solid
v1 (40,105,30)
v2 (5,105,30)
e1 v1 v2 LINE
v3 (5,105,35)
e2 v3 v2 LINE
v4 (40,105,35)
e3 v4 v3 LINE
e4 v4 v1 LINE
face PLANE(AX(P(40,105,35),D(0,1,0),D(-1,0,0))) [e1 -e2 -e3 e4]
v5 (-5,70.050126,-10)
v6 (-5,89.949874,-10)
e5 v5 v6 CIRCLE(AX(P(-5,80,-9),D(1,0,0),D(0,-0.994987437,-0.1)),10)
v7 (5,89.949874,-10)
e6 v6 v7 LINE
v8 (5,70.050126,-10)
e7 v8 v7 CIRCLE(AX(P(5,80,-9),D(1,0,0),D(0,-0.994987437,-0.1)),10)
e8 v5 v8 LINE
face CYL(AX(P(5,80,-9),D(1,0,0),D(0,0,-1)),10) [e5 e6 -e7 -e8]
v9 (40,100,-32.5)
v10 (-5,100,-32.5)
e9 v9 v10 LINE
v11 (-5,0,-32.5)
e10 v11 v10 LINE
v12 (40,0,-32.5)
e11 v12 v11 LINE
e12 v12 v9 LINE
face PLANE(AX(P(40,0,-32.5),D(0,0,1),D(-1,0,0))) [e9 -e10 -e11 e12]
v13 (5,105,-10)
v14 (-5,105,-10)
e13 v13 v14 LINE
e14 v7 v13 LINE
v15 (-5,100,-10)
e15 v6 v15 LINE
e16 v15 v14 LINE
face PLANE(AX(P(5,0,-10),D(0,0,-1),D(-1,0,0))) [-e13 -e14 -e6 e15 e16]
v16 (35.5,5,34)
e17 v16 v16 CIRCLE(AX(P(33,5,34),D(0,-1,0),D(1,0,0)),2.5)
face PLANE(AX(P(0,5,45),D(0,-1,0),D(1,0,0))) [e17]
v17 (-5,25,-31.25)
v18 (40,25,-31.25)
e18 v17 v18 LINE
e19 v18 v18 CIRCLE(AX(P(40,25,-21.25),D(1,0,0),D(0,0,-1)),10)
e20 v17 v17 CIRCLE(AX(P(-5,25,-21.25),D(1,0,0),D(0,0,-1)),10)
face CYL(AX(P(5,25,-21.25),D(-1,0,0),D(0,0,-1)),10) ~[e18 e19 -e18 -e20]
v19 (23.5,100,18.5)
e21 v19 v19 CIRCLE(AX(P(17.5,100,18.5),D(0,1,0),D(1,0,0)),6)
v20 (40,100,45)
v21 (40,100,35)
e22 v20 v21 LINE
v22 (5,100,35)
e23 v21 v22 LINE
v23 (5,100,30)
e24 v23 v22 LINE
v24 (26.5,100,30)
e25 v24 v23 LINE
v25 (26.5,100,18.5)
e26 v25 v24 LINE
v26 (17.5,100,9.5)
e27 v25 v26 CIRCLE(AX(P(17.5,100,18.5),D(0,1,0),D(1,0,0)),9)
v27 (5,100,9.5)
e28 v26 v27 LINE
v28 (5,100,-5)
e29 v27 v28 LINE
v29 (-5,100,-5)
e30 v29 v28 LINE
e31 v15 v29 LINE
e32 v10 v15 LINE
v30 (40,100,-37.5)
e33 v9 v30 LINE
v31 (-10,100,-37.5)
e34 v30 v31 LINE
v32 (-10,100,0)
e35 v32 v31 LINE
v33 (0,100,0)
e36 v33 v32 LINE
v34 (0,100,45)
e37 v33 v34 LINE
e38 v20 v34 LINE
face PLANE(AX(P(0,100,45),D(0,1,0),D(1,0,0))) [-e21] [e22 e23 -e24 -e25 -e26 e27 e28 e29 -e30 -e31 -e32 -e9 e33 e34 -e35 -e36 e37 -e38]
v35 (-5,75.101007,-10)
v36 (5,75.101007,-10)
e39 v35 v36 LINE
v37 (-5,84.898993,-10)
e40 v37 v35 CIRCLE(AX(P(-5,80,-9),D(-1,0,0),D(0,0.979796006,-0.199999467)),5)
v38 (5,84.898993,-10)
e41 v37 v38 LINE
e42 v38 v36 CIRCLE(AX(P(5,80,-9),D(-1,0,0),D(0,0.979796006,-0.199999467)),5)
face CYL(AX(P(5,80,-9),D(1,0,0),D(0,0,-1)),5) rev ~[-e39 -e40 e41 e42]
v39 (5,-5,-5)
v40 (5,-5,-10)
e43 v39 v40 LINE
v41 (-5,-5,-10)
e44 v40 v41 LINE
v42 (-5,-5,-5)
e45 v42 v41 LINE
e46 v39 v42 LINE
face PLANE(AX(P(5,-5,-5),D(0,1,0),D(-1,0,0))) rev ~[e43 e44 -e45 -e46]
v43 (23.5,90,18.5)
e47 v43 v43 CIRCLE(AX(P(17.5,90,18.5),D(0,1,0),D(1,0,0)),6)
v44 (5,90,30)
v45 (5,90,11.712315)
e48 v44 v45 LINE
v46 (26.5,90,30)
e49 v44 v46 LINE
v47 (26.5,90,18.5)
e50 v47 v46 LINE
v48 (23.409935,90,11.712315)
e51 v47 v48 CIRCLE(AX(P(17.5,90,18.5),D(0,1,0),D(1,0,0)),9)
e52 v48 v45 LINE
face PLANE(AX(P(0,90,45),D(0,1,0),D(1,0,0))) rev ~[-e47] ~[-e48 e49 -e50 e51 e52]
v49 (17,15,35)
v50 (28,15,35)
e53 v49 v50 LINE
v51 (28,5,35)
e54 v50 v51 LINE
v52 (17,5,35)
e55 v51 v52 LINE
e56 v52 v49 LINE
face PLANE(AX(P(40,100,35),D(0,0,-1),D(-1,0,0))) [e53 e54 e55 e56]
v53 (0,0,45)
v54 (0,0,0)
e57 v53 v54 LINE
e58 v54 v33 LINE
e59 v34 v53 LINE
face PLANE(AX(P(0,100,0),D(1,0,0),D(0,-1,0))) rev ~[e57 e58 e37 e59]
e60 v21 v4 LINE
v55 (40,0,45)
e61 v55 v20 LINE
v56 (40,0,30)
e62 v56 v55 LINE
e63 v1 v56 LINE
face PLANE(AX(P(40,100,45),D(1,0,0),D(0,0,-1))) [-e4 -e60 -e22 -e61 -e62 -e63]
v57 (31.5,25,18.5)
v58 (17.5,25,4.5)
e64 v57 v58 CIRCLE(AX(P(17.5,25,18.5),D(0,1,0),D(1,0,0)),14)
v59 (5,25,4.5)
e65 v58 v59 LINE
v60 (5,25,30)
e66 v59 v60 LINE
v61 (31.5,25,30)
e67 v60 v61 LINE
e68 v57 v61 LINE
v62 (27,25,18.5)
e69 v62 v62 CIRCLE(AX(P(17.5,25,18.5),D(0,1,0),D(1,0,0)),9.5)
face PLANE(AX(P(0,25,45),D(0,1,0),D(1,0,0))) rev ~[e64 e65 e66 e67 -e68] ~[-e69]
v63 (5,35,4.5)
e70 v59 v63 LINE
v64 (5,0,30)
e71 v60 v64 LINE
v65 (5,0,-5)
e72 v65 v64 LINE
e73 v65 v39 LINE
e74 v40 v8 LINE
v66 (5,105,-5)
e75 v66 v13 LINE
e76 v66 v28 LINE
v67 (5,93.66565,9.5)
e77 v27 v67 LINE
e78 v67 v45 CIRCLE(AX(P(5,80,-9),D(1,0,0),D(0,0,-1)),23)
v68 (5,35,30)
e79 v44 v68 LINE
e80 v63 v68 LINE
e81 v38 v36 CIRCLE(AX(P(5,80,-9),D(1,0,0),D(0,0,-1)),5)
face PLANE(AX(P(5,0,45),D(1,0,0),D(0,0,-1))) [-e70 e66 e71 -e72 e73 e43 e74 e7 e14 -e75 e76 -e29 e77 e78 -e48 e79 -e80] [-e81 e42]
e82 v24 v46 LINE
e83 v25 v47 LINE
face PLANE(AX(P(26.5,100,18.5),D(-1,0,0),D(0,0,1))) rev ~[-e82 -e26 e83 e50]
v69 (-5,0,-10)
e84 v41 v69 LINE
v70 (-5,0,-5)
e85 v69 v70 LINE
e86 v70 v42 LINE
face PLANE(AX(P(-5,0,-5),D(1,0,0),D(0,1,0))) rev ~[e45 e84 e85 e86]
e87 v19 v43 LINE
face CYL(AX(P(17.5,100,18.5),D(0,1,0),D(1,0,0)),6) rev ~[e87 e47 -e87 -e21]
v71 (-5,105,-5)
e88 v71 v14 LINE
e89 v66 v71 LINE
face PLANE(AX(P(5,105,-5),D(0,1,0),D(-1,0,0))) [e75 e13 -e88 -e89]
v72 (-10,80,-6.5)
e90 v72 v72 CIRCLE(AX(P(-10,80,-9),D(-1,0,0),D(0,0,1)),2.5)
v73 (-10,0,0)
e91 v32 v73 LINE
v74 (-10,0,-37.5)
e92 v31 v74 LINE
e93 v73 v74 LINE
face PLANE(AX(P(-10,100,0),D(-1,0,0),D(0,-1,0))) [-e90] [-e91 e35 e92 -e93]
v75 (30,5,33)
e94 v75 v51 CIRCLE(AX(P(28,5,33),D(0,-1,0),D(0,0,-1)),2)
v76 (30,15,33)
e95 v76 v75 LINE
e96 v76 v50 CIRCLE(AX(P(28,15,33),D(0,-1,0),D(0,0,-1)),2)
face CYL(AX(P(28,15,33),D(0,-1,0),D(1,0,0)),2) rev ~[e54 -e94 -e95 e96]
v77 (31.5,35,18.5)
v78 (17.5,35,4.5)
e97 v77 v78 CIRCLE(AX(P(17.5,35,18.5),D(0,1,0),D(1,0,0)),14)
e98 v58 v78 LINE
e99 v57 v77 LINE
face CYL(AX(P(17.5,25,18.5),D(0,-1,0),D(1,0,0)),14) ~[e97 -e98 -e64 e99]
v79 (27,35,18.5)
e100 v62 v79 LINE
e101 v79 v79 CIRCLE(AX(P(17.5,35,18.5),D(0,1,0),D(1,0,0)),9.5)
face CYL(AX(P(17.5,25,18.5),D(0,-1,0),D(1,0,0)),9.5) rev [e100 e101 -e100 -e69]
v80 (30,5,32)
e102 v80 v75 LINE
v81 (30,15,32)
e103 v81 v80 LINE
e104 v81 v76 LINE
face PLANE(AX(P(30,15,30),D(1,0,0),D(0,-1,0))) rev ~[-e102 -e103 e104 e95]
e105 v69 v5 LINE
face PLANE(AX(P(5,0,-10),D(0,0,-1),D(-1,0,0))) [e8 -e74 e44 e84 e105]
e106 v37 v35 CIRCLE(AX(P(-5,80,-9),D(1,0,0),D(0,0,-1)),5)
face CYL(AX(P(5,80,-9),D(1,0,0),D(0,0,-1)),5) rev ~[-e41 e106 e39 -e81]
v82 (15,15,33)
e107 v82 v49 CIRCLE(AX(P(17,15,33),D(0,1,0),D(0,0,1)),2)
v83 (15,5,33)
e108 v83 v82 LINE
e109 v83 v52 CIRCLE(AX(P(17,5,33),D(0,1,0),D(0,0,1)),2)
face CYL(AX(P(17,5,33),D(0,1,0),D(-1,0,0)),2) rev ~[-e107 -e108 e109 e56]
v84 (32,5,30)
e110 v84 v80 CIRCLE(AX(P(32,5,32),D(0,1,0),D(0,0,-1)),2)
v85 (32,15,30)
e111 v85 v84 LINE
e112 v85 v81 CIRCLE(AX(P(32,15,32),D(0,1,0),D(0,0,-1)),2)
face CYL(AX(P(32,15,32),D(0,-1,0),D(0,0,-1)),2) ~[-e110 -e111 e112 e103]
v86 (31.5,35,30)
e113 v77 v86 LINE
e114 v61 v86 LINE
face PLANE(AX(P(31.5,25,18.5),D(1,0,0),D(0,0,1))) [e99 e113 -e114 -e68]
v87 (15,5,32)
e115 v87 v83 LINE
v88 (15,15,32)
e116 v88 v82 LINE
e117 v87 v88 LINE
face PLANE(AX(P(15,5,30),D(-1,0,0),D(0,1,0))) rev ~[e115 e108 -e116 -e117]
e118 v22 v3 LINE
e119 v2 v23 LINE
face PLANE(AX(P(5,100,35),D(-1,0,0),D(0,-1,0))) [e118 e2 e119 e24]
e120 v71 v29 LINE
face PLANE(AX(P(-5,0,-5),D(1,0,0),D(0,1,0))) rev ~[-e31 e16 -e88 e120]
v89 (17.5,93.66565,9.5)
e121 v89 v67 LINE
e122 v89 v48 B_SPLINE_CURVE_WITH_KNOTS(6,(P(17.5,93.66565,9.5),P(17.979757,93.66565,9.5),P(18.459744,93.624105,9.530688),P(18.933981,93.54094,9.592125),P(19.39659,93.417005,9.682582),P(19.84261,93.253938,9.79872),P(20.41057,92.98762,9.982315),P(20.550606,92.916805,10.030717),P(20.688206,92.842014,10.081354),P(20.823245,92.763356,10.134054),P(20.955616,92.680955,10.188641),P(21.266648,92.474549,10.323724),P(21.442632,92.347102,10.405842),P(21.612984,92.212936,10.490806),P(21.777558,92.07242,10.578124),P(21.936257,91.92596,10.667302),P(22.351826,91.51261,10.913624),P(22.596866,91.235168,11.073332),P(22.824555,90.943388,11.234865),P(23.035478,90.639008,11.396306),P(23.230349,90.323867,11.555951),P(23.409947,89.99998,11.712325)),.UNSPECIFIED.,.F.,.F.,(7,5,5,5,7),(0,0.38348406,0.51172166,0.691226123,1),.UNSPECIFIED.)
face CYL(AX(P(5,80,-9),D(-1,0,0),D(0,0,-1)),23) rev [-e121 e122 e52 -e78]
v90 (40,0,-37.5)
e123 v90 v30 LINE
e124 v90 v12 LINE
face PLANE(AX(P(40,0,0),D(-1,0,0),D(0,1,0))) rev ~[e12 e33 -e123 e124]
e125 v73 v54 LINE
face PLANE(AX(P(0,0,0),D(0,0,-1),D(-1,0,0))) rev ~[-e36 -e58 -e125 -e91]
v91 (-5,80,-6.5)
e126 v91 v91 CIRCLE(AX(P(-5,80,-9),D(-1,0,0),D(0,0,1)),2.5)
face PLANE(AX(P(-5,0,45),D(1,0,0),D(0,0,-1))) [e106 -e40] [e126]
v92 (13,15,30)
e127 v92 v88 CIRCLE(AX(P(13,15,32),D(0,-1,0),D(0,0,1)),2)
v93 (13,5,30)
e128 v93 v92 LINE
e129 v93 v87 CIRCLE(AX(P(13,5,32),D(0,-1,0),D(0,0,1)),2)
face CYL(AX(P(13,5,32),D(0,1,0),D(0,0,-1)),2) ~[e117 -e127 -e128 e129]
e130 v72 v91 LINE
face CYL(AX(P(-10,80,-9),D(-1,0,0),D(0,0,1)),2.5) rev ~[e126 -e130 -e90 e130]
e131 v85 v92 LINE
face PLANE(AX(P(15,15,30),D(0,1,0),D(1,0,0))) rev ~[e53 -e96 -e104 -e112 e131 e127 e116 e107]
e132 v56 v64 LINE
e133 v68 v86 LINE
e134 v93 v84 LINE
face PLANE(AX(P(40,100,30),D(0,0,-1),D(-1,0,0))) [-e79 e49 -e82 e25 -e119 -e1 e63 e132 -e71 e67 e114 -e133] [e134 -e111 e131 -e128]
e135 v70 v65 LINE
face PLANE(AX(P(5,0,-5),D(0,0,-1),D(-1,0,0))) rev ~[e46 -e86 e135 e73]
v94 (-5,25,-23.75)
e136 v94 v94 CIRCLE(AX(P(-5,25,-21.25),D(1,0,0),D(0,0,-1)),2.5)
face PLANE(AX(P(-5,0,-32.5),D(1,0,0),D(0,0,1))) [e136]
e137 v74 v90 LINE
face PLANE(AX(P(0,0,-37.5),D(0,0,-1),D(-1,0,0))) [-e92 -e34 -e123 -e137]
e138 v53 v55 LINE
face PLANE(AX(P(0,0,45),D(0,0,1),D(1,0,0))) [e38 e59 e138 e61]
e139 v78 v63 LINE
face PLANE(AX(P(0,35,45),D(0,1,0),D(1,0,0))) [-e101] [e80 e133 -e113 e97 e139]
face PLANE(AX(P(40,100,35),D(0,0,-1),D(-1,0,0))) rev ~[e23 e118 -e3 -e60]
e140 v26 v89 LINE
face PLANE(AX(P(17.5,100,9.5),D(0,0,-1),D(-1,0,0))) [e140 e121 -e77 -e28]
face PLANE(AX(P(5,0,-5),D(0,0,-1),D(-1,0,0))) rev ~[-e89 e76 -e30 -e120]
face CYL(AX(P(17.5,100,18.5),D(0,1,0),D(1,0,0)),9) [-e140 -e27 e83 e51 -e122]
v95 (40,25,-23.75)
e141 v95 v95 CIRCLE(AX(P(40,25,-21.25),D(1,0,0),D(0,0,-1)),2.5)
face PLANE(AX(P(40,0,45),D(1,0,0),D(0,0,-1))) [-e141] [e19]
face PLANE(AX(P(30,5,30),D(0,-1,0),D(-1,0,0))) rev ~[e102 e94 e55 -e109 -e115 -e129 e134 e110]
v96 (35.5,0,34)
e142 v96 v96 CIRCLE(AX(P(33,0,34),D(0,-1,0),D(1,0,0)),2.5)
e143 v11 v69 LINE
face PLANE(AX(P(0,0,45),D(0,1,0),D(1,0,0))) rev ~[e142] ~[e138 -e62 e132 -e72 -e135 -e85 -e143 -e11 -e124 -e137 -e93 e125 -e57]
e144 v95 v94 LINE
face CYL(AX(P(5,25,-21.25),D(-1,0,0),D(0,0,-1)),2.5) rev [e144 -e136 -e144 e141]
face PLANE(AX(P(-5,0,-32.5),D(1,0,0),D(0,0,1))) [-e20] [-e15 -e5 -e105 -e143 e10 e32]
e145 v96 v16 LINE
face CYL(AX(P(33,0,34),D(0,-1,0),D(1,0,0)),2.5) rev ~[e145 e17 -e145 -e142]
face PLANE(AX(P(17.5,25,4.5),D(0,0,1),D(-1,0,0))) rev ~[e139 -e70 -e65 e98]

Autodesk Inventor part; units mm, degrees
ref_plane "YZ Plane" through (0, 0, 0) normal (1, 0, 0) x (0, 1, 0)
ref_plane "XZ Plane" through (0, 0, 0) normal (0, 1, 0) x (-1, 0, 0)
sketch "Sketch1" plane through (0, 0, 0) normal (0, 0, 1) x (1, 0, 0)
  line L0 (0, 0) -> (40, 0)
  line L1 (40, 0) -> (40, 100)
  line L2 (40, 100) -> (0, 100)
  line L3 (0, 100) -> (0, 0)
  dimension "d0" = 40
  dimension "d1" = 100
extrude "Extrusion1" add sketch "Sketch1" along normal blind 45
sketch "Sketch2" plane through (0, 0, 0) normal (0, 0, -1) x (-1, 0, 0)
  line L0 (-40, 0) -> (-40, 100) projected
  line L1 (-40, 100) -> (10, 100)
  line L2 (10, 100) -> (10, 0)
  line L3 (10, 0) -> (-40, 0)
  line L4 (-40, 0) -> (-40, 100)
  point P0 (0, 0)
  dimension "d4" = 10
extrude "Extrusion2" add sketch "Sketch2" along normal blind 37.5
sketch "Sketch3" plane through (40, 0, 45) normal (1, 0, 0) x (0, 0, -1)
  line L0 (82.5, 100) -> (0, 100) projected
  line L1 (0, 0) -> (0, 100) projected
  line L2 (82.5, 0) -> (0, 0) projected
  line L3 (82.5, 100) -> (82.5, 0) projected
  line L4 (5, 5) -> (5, 95)
  line L5 (5, 95) -> (77.5, 95)
  line L6 (77.5, 95) -> (77.5, 5)
  line L7 (77.5, 5) -> (5, 5)
  point P0 (45, 0)
  dimension "d7" = 5
extrude "Extrusion3" cut sketch "Sketch3" against normal blind 35 contours L4 L5 L6 L7
sketch "Sketch4" plane through (5, 0, 45) normal (1, 0, 0) x (0, 0, -1)
  line L0 (45, 100) -> (45, 0) projected
  line L1 (45, 100) -> (82.5, 100) projected
  line L2 (82.5, 0) -> (82.5, 100) projected
  line L3 (45, 0) -> (82.5, 0) projected
  line L4 (50, 5) -> (50, 95)
  line L5 (50, 95) -> (77.5, 95)
  line L6 (77.5, 95) -> (77.5, 5)
  line L7 (77.5, 5) -> (50, 5)
  point P0 (45, 0)
  dimension "d10" = 5
extrude "Extrusion4" cut sketch "Sketch4" against normal blind 10 contours L4 L5 L6 L7
sketch "Sketch5" plane through (0, 0, 45) normal (0, -1, 0) x (1, 0, 0)
  line L0 (0, 0) -> (40, 0) projected
  line L1 (0, -45) -> (0, 0) projected
  line L2 (-10, -45) -> (0, -45) projected
  line L3 (-10, -45) -> (-10, -82.5) projected
  line L4 (40, -82.5) -> (-10, -82.5) projected
  line L5 (40, -77.5) -> (-5, -77.5)
  line L6 (-5, -77.5) -> (-5, -50)
  line L7 (-5, -50) -> (5, -50)
  line L8 (5, -50) -> (5, -5)
  line L9 (5, -5) -> (40, -5)
  line L10 (40, -77.5) -> (40, -5)
  line L11 (40, -82.5) -> (40, 0) projected
  dimension "d13" = 5
extrude "Extrusion5" cut sketch "Sketch5" against normal through all contours L10 L5 L6 L7 L8 L9
sketch "Sketch6" plane through (0, 100, 45) normal (0, 1, 0) x (1, 0, 0)
  line L0 (0, 45) -> (0, 0) projected
  line L1 (0, 0) -> (40, 0)
  line L2 (40, 0) -> (40, 10)
  line L3 (40, 10) -> (0, 10)
  line L4 (0, 10) -> (0, 0)
  dimension "d16" = 40
  dimension "d17" = 10
extrude "Extrusion6" add sketch "Sketch6" against normal blind 100
sketch "Sketch8" plane through (40, 100, 35) normal (0, 0, -1) x (-1, 0, 0)
  line L0 (35, 0) -> (35, -100) projected
  line L1 (0, 0) -> (35, 0) projected
  line L2 (0, 0) -> (0, -100) projected
  line L3 (35, -100) -> (0, -100) projected
  line L4 (35, -105) -> (0, -105)
  line L5 (0, -105) -> (0, 5)
  line L6 (0, 5) -> (35, 5)
  line L7 (35, 5) -> (35, -105)
  point P0 (40, -100)
  dimension "d20" = 5
  dimension "d21" = 5
extrude "Extrusion7" add sketch "Sketch8" along normal blind 5
sketch "Sketch10" plane through (5, 0, -5) normal (0, 0, -1) x (-1, 0, 0)
  line L0 (0, 0) -> (0, 100) projected
  line L1 (10, 0) -> (0, 0) projected
  line L2 (10, 0) -> (10, 100) projected
  line L3 (0, 100) -> (10, 100) projected
  line L4 (-35, -5) -> (0, -5) projected
  line L5 (10, 0) -> (0, 0)
  line L6 (0, 0) -> (0, -5)
  line L7 (0, -5) -> (10, -5)
  line L8 (10, -5) -> (10, 0)
  line L9 (0, 105) -> (0, 100) projected
  line L10 (10, 100) -> (0, 100)
  line L11 (0, 100) -> (0, 105)
  line L12 (0, 105) -> (10, 105)
  line L13 (10, 105) -> (10, 100)
  point P0 (5, 0)
extrude "Extrusion8" add sketch "Sketch10" along normal blind 5
sketch "Sketch25" plane through (5, 0, 45) normal (1, 0, 0) x (0, 0, -1)
  circle A0 centre (32.5, 25) radius 10
  circle A1 centre (32.5, 25) radius 2.5
  line L0 (50, 0) -> (15, 0) projected
  line L1 (15, 105) -> (15, -5) projected
  circle A2 centre (66.25, 25) radius 2.5
  circle A3 centre (66.25, 25) radius 10
  line L2 (77.5, 0) -> (55, 0) projected
  point P0 (32.5, 0)
  point P1 (15, 55)
  point P2 (15, 25)
  point P3 (66.25, 0)
  dimension "d89" = 20
  dimension "d90" = 5
  dimension "d93" = 5
  dimension "d94" = 20
extrude "Extrusion22" add sketch "Sketch25" along normal blind 35 contours A3
sketch "Sketch26" plane through (-5, 0, 45) normal (1, 0, 0) x (0, 0, -1)
  circle A0 centre (66.25, 25) radius 10 projected
  circle A1 centre (66.25, 25) radius 2.5 projected
  point P0 (45, 0)
extrude "Extrusion23" add sketch "Sketch26" along normal blind 10
sketch "Sketch27" plane through (5, 0, 45) normal (1, 0, 0) x (0, 0, -1)
  circle A0 centre (54, 80) radius 10
  circle A1 centre (54, 80) radius 5
  line L0 (15, 105) -> (15, -5) projected
  line L1 (15, 100) -> (50, 100) projected
  point P0 (45, 0)
  dimension "d98" = 20
  dimension "d99" = 10
  dimension "d100" = 39
  dimension "d101" = 20
extrude "Extrusion24" add sketch "Sketch27" against normal blind 10
sketch "Sketch30" plane through (40, 0, 45) normal (1, 0, 0) x (0, 0, -1)
  line L0 (10, 0) -> (0, 0) projected
  line L1 (15, -5) -> (15, 0) projected
  line L2 (10, 0) -> (15, 0)
  line L3 (15, 0) -> (15, -5)
  line L4 (15, -5) -> (10, -5)
  line L5 (10, -5) -> (10, 0)
  point P0 (45, 0)
extrude "Extrusion27" cut sketch "Sketch30" against normal through all
sketch "Sketch31" plane through (40, 100, 30) normal (0, 0, -1) x (-1, 0, 0)
  line L0 (40, -100) -> (0, -100) projected
  line L1 (0, -100) -> (0, 0) projected
  line L2 (0, 0) -> (40, 0) projected
  line L3 (40, 0) -> (40, -100) projected
  line L4 (10, -95) -> (25, -95)
  line L5 (25, -95) -> (25, -85)
  line L6 (25, -85) -> (10, -85)
  line L7 (10, -85) -> (10, -95)
  line L8 (35, 0) -> (35, -100) projected
  dimension "d110" = 15
  dimension "d111" = 10
  dimension "d112" = 10
  dimension "d113" = 5
extrude "Extrusion28" cut sketch "Sketch31" against normal blind 5 contours L7 L6 L5 L4
fillet "Fillet1" radius 2 4 edges at (15, 10, 30) (30, 10, 30) (15, 10, 35) (30, 10, 35)
sketch "Sketch32" plane through (0, 0, 45) normal (0, -1, 0) x (1, 0, 0)
  line L0 (2, -11) -> (33, -11) construction
  line L1 (33, -11) -> (33, -42) construction
  line L2 (33, -42) -> (2, -42) construction
  line L3 (2, -42) -> (2, -11) construction
  line L4 (40, -82.5) -> (-10, -82.5) construction
  line L5 (40, 0) -> (40, -15) construction
  circle A0 centre (33, -11) radius 2.5
  point P0 (0, -45)
  dimension "d117" = 31
  dimension "d118" = 31
  dimension "d119" = 40.5
  dimension "d120" = 7
  dimension "d121" = 5
extrude "Extrusion29" cut sketch "Sketch32" against normal blind 5
sketch "Sketch33" plane through (0, 100, 45) normal (0, 1, 0) x (1, 0, 0)
  circle A0 centre (17.5, 26.5) radius 6
  circle A1 centre (17.5, 26.5) radius 9 construction
  line L0 (26.5, 26.5) -> (26.5, 15)
  line L1 (8.5, 15) -> (26.5, 15)
  line L2 (17.5, 35.5) -> (5, 35.5)
  line L3 (5, 15) -> (5, 50) projected
  line L4 (5, 35.5) -> (5, 15)
  line L5 (40, 15) -> (5, 15) projected
  line L6 (5, 15) -> (40, 15) projected
  line L7 (8.5, 15) -> (5, 15)
  arc A2 (26.5, 26.5) -> (17.5, 35.5) centre (17.5, 26.5) ccw
  point P0 (0, 45)
  dimension "d125" = 12
  dimension "d127" = 18
  dimension "d130" = 12.5
  dimension "d131" = 11.5
extrude "Extrusion32" add sketch "Sketch33" against normal blind 10
sketch "Sketch35" plane through (5, 0, 45) normal (1, 0, 0) x (0, 0, -1)
  circle A0 centre (54, 80) radius 10 projected
  circle A1 centre (54, 80) radius 23
  point P0 (45, 0)
  dimension "d136" = 46
extrude "Extrusion33" cut sketch "Sketch35" along normal through all
ref_plane "Work Plane2" through (0, 25, 45) normal (0, 1, 0) x (1, 0, 0)
sketch "Sketch36" plane through (0, 25, 45) normal (0, 1, 0) x (1, 0, 0)
  line L0 (5, 50) -> (5, 15) projected
  line L1 (5, 15) -> (40, 15) projected
  circle A0 centre (17.5, 26.5) radius 6 construction
  circle A1 centre (17.5, 26.5) radius 9.5
  circle A2 centre (17.5, 26.5) radius 14 construction
  line L2 (31.5, 26.5) -> (31.5, 15)
  line L3 (31.5, 15) -> (5, 15)
  line L4 (5, 40.5) -> (5, 15)
  line L5 (17.5, 40.5) -> (5, 40.5)
  arc A3 (31.5, 26.5) -> (17.5, 40.5) centre (17.5, 26.5) ccw
  point P0 (0, 45)
  dimension "d140" = 19
  dimension "d141" = 28
extrude "Extrusion34" add sketch "Sketch36" along normal blind 10
sketch "Sketch37" plane through (5, 0, 45) normal (1, 0, 0) x (0, 0, -1)
  arc A0 (55, 75.101) -> (55, 84.899) centre (54, 80) ccw projected
  circle A1 centre (54, 80) radius 5
  point P0 (45, 0)
extrude "Extrusion35" cut sketch "Sketch37" against normal blind 10
sketch "Sketch38" plane through (0, 0, 45) normal (-1, 0, 0) x (0, 0, 1)
  arc A0 (-45, 75.6411) -> (-45, 84.3589) centre (-54, 80) ccw projected
  line L0 (-45, 75.6411) -> (-45, 0) projected
  line L1 (-45, 0) -> (0, 0) projected
  line L2 (0, 100) -> (0, 0) projected
  line L3 (-45, 100) -> (0, 100) projected
  line L4 (-45, 100) -> (-45, 84.3589) projected
  line L5 (-45, 0) -> (0, 0)
  line L6 (0, 0) -> (0, 100)
  line L7 (0, 100) -> (-45, 100)
  line L8 (-45, 100) -> (-45, 0)
extrude "Extrusion36" cut sketch "Sketch38" along normal through all
sketch "Sketch39" plane through (-10, 0, 0) normal (-1, 0, 0) x (0, 0, 1)
  circle A0 centre (-9, 80) radius 5 projected
  circle A1 centre (-9, 80) radius 2.5
  point P0 (0, 0)
  dimension "d148" = 5
extrude "Extrusion37" cut sketch "Sketch39" against normal through all contours A1
properties part number "BA003" material "ABS Plastic"
